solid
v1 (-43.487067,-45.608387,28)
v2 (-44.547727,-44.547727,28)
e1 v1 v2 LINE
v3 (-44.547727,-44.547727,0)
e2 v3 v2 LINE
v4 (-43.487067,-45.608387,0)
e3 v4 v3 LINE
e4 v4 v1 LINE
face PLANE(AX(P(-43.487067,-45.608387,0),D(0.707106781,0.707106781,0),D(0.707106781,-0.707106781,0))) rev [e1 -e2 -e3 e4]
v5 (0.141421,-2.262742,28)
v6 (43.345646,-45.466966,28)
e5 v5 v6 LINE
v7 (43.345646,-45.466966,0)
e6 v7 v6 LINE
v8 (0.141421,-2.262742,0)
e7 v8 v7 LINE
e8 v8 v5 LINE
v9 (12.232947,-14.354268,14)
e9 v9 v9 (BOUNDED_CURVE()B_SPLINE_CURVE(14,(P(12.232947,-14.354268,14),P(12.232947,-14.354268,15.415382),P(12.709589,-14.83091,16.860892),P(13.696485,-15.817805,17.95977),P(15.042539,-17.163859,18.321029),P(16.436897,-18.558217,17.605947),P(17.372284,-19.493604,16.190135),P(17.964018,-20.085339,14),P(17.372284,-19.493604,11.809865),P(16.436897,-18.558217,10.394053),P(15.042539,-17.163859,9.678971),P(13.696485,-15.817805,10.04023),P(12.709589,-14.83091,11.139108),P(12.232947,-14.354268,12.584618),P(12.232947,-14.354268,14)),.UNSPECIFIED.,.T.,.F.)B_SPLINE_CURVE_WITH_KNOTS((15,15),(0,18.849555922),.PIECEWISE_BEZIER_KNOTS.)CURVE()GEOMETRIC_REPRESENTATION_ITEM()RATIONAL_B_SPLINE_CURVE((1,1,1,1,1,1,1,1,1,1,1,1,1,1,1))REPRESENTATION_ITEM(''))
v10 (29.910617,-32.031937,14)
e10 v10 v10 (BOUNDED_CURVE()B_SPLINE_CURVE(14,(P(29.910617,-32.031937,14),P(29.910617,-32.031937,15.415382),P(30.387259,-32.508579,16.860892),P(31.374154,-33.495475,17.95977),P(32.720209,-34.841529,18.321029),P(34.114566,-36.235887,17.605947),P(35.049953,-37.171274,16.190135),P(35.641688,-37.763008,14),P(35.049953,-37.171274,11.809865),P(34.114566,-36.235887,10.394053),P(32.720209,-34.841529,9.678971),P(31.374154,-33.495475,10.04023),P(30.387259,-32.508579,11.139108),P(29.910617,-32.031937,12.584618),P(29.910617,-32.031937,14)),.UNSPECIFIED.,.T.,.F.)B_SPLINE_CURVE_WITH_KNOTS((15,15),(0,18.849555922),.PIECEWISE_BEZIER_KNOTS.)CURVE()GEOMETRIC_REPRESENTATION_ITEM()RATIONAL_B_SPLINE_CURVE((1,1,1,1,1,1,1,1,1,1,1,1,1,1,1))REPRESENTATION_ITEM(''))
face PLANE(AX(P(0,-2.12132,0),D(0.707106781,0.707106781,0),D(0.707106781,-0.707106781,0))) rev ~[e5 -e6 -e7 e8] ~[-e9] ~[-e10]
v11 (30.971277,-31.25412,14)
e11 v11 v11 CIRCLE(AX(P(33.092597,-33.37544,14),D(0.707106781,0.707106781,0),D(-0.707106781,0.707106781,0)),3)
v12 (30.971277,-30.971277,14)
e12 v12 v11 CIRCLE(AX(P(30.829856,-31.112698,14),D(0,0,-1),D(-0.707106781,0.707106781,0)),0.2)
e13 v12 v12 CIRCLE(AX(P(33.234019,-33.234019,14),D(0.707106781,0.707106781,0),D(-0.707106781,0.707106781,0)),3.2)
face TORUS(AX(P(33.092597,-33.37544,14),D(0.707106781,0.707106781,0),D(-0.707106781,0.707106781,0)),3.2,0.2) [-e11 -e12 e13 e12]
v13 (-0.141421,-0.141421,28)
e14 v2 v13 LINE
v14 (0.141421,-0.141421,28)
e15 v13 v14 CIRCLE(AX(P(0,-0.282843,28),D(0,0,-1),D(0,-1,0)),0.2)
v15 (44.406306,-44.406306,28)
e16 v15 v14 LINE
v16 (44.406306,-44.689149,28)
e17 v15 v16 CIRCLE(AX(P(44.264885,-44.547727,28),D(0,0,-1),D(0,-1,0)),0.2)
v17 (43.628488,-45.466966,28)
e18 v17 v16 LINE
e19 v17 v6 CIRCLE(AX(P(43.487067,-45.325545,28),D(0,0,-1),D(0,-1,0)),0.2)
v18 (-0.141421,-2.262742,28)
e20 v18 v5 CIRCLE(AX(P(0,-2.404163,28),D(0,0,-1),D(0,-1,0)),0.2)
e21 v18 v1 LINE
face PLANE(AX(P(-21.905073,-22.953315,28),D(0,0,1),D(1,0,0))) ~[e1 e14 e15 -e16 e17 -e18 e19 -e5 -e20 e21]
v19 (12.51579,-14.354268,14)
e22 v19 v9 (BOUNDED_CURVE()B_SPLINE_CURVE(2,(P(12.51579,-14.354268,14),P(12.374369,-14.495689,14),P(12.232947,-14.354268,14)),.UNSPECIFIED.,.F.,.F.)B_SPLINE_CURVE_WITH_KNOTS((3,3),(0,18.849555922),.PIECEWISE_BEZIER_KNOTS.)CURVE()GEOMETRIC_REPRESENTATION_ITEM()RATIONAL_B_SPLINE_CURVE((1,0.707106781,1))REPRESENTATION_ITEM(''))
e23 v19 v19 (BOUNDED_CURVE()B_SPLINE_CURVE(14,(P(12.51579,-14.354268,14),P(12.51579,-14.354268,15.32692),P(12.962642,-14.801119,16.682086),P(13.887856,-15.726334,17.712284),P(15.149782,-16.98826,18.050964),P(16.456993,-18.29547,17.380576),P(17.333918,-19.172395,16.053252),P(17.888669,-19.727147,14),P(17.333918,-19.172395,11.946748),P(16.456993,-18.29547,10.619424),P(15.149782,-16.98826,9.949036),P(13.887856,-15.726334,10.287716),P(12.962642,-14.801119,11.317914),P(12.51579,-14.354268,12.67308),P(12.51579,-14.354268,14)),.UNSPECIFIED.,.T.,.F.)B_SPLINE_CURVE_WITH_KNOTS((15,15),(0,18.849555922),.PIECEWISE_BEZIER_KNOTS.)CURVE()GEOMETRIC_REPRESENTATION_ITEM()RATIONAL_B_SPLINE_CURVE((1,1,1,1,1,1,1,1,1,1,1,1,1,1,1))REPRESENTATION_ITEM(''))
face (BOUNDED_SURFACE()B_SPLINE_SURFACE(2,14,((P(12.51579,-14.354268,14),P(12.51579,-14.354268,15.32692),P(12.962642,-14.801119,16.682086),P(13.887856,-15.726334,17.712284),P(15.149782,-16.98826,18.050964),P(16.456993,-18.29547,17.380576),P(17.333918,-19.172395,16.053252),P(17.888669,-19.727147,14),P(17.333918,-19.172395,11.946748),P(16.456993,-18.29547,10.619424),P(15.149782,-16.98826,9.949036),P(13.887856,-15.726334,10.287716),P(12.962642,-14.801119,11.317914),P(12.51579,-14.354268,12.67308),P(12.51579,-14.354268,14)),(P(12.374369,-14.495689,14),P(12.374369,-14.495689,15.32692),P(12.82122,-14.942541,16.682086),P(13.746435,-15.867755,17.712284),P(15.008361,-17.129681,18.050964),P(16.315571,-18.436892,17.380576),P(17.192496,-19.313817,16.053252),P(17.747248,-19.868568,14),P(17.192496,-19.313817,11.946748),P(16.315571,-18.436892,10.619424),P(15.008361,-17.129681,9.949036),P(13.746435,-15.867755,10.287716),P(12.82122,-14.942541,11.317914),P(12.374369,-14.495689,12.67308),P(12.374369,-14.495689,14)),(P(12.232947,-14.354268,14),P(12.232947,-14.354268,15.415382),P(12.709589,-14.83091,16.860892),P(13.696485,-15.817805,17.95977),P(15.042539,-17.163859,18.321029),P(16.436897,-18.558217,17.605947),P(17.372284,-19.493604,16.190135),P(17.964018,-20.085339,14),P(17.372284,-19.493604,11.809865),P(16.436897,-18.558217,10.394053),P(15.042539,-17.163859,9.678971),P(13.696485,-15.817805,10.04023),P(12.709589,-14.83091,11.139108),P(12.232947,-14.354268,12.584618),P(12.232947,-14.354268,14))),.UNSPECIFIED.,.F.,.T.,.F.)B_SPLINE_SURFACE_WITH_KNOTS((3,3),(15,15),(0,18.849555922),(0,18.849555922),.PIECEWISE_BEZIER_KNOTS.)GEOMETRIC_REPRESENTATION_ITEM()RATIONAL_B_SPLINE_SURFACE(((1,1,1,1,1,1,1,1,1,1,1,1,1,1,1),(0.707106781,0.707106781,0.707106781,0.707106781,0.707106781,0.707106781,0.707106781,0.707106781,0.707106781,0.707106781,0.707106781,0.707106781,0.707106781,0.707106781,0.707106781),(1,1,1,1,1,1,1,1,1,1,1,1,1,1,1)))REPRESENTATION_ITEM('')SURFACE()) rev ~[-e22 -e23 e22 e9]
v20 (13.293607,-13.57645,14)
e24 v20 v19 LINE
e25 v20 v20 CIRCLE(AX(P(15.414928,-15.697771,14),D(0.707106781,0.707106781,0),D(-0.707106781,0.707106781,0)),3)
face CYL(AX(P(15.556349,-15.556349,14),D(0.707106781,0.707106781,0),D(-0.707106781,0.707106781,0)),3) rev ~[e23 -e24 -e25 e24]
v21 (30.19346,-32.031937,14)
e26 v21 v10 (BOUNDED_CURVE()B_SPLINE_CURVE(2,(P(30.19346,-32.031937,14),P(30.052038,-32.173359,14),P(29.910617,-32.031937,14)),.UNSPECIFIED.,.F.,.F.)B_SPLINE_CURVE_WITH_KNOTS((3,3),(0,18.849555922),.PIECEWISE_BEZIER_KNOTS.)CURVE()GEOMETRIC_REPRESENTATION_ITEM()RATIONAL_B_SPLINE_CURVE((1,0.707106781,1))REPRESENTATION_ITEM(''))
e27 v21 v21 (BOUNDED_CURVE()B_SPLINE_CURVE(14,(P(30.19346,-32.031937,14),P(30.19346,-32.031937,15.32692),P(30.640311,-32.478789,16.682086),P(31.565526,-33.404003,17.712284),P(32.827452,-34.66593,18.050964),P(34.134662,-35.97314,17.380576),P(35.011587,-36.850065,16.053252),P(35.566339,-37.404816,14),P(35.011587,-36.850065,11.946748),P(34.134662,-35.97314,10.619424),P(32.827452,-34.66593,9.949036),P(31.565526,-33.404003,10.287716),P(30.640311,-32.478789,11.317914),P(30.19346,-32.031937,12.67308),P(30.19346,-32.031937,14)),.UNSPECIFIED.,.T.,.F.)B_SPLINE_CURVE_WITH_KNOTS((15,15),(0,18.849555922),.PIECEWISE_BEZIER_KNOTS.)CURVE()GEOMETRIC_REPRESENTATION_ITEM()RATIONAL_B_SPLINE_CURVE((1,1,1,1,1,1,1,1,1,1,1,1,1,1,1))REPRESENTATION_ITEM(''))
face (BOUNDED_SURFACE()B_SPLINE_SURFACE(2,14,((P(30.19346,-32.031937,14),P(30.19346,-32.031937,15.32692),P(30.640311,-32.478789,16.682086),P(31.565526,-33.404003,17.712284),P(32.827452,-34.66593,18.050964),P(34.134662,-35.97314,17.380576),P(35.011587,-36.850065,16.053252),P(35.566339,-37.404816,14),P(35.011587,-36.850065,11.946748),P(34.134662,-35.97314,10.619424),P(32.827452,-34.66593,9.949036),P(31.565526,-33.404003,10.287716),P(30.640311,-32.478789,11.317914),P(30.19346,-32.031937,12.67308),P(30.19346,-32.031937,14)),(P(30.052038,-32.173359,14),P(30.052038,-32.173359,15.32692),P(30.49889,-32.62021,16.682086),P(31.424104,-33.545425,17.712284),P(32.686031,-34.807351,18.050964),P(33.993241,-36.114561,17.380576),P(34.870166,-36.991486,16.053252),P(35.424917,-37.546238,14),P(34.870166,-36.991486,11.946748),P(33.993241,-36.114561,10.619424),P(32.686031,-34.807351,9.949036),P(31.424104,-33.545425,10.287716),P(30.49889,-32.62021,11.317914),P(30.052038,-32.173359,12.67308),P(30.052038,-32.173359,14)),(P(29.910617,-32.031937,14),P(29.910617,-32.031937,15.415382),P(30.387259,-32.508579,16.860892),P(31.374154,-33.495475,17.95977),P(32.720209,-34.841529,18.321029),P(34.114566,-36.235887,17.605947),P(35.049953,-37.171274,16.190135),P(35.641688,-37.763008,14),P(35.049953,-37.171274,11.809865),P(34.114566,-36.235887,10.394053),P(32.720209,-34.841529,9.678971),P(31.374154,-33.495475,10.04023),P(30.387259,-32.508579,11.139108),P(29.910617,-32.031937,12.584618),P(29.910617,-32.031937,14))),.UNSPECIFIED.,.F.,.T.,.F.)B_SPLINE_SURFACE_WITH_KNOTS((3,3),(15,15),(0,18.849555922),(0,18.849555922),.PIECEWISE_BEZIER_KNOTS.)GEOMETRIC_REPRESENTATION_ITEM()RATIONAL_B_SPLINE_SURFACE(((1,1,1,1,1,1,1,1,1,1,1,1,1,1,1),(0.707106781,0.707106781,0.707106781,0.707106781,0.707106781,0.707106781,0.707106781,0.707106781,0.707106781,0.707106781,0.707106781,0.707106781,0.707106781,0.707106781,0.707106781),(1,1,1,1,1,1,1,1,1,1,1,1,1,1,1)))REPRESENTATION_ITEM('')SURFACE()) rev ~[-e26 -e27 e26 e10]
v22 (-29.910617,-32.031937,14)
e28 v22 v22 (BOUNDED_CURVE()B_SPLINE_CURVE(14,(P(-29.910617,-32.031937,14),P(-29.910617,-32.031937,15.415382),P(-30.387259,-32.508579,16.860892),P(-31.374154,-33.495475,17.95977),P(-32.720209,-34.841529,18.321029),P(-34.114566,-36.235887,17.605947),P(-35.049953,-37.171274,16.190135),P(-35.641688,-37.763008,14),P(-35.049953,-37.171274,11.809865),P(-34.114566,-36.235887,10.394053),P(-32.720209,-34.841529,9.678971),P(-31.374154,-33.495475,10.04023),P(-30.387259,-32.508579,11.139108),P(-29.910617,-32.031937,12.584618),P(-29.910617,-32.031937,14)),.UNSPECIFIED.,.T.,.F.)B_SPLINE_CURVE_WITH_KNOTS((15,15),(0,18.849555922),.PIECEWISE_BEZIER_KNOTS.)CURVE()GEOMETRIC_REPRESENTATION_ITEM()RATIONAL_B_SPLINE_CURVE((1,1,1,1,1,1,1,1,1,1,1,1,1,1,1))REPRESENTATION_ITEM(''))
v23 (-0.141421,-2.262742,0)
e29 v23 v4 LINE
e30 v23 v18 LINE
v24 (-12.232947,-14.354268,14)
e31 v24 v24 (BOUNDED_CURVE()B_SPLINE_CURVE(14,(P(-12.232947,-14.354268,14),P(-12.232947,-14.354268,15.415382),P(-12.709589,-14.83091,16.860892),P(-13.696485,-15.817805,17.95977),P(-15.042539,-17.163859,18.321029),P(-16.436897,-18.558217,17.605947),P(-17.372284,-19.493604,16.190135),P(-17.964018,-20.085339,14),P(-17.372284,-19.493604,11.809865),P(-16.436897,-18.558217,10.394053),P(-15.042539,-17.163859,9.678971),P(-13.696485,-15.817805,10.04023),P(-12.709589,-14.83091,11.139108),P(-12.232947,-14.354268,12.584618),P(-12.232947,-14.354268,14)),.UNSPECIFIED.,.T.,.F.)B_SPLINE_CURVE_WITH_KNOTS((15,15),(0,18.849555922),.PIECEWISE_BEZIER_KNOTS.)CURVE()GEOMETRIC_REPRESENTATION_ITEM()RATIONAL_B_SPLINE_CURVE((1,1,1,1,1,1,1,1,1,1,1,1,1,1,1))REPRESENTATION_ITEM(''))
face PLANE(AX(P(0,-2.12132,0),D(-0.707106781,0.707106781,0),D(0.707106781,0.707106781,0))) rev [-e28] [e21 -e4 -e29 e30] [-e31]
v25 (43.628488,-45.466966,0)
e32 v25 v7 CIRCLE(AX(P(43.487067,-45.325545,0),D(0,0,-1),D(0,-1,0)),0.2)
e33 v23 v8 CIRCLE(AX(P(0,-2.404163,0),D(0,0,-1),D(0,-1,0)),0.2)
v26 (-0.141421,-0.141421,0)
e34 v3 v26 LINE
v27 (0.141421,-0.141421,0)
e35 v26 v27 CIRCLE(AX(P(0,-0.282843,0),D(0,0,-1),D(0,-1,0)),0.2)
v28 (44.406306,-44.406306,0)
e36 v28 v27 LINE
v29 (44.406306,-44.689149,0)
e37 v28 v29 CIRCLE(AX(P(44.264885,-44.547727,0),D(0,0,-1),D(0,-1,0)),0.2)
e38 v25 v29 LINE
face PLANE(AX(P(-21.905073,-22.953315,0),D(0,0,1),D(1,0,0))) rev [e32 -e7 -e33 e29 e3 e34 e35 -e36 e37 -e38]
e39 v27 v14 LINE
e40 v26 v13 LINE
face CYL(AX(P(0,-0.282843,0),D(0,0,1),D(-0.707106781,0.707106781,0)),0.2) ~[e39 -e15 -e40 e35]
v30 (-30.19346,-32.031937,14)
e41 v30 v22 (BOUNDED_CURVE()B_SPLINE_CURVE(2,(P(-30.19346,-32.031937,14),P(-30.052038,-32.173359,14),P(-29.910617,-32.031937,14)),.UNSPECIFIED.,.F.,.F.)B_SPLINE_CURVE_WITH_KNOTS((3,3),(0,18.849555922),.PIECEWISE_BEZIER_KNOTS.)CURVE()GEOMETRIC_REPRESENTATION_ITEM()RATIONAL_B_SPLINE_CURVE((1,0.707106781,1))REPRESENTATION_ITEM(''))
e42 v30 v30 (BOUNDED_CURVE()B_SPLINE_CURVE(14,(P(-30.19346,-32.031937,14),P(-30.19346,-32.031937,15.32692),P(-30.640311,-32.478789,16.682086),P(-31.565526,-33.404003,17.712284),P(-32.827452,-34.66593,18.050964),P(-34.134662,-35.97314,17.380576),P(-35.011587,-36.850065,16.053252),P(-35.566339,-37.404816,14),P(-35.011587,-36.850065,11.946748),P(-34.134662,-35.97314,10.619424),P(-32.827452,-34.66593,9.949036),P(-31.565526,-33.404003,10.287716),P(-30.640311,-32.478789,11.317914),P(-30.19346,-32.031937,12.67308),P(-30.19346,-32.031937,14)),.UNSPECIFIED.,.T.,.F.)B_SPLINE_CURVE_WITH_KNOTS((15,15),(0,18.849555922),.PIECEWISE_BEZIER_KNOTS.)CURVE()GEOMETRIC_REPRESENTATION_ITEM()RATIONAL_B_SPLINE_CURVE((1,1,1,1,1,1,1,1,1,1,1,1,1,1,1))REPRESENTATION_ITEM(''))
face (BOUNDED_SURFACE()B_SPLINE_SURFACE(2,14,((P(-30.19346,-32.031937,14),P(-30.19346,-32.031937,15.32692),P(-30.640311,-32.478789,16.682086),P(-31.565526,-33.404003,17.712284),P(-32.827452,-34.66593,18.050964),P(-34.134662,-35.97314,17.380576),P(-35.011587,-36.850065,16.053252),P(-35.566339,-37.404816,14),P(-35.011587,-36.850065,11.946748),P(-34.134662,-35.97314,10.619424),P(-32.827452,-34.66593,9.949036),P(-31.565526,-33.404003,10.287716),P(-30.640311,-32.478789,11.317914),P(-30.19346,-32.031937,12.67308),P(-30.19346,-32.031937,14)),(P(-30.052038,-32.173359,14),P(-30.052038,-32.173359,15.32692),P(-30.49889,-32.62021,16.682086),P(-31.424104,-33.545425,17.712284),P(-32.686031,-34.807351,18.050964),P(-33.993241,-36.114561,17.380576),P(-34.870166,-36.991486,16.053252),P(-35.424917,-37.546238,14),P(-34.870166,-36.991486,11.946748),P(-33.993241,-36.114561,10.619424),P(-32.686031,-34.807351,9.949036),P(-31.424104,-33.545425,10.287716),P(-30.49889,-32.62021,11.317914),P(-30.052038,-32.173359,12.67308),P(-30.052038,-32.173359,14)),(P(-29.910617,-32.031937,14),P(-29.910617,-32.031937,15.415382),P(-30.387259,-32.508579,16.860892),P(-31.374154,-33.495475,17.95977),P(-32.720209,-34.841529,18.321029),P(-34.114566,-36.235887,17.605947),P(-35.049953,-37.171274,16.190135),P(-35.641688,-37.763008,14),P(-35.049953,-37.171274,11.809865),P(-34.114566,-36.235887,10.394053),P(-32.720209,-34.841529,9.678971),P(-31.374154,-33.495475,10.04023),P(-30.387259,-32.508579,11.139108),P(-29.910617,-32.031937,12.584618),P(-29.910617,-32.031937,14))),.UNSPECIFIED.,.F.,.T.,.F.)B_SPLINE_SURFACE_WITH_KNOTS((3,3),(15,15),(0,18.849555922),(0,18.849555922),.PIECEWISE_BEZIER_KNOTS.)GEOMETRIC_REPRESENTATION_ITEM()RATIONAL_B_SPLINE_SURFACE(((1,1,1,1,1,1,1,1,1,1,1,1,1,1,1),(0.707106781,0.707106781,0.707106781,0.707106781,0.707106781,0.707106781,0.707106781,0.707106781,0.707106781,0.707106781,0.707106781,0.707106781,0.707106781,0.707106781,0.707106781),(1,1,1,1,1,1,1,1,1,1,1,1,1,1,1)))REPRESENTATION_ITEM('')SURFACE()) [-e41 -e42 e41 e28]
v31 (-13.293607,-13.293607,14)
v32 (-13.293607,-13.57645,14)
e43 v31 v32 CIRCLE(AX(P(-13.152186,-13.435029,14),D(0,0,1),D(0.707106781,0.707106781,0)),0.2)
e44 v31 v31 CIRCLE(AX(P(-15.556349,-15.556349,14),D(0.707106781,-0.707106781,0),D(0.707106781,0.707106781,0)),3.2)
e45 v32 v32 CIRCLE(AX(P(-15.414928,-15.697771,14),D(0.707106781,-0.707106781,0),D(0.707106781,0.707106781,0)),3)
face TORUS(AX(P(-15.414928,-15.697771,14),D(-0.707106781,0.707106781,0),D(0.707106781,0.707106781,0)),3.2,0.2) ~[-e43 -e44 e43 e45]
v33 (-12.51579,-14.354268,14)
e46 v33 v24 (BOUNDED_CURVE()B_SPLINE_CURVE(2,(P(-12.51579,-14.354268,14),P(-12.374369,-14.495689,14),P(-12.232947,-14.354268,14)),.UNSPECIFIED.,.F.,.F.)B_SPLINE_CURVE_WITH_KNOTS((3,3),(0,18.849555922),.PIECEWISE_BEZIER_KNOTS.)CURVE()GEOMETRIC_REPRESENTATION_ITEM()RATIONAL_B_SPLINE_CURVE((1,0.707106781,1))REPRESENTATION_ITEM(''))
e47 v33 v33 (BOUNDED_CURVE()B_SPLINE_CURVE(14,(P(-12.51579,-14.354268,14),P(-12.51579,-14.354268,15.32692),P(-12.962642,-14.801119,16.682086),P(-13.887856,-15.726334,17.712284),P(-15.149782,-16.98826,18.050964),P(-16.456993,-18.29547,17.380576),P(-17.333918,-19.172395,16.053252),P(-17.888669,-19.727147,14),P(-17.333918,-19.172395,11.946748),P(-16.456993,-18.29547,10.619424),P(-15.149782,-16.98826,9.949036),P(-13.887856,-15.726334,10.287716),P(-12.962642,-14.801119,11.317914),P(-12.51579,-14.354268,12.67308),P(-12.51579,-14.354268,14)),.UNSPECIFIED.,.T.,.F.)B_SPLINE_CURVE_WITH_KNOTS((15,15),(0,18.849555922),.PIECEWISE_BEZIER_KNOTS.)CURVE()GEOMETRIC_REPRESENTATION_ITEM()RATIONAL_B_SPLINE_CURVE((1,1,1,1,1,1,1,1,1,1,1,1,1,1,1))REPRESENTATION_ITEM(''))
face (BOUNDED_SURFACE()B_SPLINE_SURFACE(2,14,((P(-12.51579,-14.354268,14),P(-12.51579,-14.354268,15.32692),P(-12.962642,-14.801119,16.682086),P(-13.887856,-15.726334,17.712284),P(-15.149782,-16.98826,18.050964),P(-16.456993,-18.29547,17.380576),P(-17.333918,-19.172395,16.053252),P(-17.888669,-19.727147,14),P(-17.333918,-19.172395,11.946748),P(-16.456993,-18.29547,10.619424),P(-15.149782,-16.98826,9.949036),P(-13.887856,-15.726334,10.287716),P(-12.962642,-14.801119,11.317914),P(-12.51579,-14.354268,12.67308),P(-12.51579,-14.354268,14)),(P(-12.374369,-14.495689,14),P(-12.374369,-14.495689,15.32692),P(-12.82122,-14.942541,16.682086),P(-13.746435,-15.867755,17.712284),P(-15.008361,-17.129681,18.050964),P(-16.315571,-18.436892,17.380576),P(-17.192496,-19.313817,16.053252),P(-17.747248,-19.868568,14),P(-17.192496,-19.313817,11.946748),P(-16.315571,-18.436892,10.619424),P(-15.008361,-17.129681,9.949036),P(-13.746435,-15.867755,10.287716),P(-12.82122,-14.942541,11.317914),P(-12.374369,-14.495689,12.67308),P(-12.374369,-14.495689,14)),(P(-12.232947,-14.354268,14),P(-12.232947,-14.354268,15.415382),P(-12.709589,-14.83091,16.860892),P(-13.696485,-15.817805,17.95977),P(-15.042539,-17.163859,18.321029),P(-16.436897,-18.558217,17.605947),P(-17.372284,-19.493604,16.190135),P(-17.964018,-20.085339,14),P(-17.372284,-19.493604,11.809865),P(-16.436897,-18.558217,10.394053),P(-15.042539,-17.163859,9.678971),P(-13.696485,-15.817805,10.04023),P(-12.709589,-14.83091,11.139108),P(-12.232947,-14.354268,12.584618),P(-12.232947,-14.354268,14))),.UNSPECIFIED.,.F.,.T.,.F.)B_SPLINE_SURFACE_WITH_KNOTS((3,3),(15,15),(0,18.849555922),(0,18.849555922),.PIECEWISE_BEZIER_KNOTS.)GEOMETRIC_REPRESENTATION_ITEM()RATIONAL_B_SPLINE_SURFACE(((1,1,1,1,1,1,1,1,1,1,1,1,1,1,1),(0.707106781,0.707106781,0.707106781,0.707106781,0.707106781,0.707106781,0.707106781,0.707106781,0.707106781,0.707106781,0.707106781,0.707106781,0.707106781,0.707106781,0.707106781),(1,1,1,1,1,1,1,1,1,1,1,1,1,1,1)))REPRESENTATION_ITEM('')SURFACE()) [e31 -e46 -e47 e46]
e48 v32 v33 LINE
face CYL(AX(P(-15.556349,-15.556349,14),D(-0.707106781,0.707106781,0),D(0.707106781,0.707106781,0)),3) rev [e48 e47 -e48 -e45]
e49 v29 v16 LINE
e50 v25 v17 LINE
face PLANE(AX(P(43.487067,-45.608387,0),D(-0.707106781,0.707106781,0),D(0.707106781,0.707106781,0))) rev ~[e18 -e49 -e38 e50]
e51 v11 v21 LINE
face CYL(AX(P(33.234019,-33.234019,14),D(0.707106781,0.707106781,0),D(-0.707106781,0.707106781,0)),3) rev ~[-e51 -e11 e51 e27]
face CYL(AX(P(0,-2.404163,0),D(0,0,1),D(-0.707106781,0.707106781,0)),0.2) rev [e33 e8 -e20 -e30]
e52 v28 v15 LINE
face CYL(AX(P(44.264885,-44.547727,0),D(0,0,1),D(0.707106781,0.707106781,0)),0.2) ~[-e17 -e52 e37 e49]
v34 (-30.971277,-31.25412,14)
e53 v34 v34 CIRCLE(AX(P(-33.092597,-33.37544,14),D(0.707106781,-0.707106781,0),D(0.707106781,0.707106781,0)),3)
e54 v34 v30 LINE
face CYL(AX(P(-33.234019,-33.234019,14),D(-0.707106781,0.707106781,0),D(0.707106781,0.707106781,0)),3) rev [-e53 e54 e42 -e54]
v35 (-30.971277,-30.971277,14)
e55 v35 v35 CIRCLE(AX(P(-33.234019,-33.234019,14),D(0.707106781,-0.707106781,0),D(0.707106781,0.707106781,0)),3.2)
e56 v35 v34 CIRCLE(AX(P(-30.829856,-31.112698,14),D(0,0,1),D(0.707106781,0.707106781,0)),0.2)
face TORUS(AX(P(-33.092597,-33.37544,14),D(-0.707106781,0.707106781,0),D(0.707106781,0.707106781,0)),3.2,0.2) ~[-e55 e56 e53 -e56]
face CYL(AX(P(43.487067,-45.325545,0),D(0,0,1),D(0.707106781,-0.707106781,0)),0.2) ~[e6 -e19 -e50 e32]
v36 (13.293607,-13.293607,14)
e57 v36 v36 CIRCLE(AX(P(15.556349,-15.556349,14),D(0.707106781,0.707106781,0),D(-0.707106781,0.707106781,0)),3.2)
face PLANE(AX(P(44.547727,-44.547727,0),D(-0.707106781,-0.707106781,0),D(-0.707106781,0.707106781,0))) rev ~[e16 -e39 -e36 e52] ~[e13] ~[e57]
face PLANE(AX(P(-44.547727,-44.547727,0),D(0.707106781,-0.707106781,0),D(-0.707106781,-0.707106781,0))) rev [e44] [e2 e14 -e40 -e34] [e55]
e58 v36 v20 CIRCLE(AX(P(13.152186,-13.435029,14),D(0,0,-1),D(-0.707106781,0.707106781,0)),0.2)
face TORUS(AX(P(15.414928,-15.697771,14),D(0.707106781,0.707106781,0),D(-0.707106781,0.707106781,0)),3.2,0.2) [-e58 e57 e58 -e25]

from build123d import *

# Parameters (mm, degrees)
F1_DEPTH = 28
F2_R     = 3
F3_DEPTH = 2
F5_R     = 0.2


with BuildPart() as f1:
    # F0 (on Top) → F1 (new body)
    with BuildSketch(Plane.XY):
        Polygon((44.5477272148, -44.5477272148), (0, 0), (0, -2.1213203436), (43.487067043, -45.6083873865), align=None)
    extrude(amount=F1_DEPTH)

    # F2 (on face) → F3 (cut)
    with BuildSketch(Plane(origin=(0, 0, 0), x_dir=(-0.7071067812, 0.7071067812, 0), z_dir=(0.7071067812, 0.7071067812, 0))):
        with Locations((-22, 14)):
            Circle(F2_R)
        with Locations((-47, 14)):
            Circle(F2_R)
    extrude(amount=-F3_DEPTH, mode=Mode.SUBTRACT)

    # F4: F1 across plane


with BuildPart() as f1_1:
    add(f1.part)
    add(f1.part.mirror(Plane.YZ))

    # F5
    f5_edges = [f1_1.edges().sort_by_distance(p)[0] for p in [
        (44.547727, -44.547727, 14),
        (43.487067, -45.608387, 14),
        (0, 0, 14),
        (0, -2.12132, 14),
        (-17.67767, -17.67767, 14),
        (-12.904699, -13.965359, 14),
        (-16.617009, -18.73833, 14),
        (-35.355339, -35.355339, 14),
        (-30.582368, -31.643028, 14),
        (-34.294679, -36.415999, 14),
        (17.67767, -17.67767, 14),
        (12.904699, -13.965359, 14),
        (16.617009, -18.73833, 14),
        (35.355339, -35.355339, 14),
        (30.582368, -31.643028, 14),
        (34.294679, -36.415999, 14),
    ]]
    fillet(f5_edges, radius=F5_R)


solid = f1_1.part
